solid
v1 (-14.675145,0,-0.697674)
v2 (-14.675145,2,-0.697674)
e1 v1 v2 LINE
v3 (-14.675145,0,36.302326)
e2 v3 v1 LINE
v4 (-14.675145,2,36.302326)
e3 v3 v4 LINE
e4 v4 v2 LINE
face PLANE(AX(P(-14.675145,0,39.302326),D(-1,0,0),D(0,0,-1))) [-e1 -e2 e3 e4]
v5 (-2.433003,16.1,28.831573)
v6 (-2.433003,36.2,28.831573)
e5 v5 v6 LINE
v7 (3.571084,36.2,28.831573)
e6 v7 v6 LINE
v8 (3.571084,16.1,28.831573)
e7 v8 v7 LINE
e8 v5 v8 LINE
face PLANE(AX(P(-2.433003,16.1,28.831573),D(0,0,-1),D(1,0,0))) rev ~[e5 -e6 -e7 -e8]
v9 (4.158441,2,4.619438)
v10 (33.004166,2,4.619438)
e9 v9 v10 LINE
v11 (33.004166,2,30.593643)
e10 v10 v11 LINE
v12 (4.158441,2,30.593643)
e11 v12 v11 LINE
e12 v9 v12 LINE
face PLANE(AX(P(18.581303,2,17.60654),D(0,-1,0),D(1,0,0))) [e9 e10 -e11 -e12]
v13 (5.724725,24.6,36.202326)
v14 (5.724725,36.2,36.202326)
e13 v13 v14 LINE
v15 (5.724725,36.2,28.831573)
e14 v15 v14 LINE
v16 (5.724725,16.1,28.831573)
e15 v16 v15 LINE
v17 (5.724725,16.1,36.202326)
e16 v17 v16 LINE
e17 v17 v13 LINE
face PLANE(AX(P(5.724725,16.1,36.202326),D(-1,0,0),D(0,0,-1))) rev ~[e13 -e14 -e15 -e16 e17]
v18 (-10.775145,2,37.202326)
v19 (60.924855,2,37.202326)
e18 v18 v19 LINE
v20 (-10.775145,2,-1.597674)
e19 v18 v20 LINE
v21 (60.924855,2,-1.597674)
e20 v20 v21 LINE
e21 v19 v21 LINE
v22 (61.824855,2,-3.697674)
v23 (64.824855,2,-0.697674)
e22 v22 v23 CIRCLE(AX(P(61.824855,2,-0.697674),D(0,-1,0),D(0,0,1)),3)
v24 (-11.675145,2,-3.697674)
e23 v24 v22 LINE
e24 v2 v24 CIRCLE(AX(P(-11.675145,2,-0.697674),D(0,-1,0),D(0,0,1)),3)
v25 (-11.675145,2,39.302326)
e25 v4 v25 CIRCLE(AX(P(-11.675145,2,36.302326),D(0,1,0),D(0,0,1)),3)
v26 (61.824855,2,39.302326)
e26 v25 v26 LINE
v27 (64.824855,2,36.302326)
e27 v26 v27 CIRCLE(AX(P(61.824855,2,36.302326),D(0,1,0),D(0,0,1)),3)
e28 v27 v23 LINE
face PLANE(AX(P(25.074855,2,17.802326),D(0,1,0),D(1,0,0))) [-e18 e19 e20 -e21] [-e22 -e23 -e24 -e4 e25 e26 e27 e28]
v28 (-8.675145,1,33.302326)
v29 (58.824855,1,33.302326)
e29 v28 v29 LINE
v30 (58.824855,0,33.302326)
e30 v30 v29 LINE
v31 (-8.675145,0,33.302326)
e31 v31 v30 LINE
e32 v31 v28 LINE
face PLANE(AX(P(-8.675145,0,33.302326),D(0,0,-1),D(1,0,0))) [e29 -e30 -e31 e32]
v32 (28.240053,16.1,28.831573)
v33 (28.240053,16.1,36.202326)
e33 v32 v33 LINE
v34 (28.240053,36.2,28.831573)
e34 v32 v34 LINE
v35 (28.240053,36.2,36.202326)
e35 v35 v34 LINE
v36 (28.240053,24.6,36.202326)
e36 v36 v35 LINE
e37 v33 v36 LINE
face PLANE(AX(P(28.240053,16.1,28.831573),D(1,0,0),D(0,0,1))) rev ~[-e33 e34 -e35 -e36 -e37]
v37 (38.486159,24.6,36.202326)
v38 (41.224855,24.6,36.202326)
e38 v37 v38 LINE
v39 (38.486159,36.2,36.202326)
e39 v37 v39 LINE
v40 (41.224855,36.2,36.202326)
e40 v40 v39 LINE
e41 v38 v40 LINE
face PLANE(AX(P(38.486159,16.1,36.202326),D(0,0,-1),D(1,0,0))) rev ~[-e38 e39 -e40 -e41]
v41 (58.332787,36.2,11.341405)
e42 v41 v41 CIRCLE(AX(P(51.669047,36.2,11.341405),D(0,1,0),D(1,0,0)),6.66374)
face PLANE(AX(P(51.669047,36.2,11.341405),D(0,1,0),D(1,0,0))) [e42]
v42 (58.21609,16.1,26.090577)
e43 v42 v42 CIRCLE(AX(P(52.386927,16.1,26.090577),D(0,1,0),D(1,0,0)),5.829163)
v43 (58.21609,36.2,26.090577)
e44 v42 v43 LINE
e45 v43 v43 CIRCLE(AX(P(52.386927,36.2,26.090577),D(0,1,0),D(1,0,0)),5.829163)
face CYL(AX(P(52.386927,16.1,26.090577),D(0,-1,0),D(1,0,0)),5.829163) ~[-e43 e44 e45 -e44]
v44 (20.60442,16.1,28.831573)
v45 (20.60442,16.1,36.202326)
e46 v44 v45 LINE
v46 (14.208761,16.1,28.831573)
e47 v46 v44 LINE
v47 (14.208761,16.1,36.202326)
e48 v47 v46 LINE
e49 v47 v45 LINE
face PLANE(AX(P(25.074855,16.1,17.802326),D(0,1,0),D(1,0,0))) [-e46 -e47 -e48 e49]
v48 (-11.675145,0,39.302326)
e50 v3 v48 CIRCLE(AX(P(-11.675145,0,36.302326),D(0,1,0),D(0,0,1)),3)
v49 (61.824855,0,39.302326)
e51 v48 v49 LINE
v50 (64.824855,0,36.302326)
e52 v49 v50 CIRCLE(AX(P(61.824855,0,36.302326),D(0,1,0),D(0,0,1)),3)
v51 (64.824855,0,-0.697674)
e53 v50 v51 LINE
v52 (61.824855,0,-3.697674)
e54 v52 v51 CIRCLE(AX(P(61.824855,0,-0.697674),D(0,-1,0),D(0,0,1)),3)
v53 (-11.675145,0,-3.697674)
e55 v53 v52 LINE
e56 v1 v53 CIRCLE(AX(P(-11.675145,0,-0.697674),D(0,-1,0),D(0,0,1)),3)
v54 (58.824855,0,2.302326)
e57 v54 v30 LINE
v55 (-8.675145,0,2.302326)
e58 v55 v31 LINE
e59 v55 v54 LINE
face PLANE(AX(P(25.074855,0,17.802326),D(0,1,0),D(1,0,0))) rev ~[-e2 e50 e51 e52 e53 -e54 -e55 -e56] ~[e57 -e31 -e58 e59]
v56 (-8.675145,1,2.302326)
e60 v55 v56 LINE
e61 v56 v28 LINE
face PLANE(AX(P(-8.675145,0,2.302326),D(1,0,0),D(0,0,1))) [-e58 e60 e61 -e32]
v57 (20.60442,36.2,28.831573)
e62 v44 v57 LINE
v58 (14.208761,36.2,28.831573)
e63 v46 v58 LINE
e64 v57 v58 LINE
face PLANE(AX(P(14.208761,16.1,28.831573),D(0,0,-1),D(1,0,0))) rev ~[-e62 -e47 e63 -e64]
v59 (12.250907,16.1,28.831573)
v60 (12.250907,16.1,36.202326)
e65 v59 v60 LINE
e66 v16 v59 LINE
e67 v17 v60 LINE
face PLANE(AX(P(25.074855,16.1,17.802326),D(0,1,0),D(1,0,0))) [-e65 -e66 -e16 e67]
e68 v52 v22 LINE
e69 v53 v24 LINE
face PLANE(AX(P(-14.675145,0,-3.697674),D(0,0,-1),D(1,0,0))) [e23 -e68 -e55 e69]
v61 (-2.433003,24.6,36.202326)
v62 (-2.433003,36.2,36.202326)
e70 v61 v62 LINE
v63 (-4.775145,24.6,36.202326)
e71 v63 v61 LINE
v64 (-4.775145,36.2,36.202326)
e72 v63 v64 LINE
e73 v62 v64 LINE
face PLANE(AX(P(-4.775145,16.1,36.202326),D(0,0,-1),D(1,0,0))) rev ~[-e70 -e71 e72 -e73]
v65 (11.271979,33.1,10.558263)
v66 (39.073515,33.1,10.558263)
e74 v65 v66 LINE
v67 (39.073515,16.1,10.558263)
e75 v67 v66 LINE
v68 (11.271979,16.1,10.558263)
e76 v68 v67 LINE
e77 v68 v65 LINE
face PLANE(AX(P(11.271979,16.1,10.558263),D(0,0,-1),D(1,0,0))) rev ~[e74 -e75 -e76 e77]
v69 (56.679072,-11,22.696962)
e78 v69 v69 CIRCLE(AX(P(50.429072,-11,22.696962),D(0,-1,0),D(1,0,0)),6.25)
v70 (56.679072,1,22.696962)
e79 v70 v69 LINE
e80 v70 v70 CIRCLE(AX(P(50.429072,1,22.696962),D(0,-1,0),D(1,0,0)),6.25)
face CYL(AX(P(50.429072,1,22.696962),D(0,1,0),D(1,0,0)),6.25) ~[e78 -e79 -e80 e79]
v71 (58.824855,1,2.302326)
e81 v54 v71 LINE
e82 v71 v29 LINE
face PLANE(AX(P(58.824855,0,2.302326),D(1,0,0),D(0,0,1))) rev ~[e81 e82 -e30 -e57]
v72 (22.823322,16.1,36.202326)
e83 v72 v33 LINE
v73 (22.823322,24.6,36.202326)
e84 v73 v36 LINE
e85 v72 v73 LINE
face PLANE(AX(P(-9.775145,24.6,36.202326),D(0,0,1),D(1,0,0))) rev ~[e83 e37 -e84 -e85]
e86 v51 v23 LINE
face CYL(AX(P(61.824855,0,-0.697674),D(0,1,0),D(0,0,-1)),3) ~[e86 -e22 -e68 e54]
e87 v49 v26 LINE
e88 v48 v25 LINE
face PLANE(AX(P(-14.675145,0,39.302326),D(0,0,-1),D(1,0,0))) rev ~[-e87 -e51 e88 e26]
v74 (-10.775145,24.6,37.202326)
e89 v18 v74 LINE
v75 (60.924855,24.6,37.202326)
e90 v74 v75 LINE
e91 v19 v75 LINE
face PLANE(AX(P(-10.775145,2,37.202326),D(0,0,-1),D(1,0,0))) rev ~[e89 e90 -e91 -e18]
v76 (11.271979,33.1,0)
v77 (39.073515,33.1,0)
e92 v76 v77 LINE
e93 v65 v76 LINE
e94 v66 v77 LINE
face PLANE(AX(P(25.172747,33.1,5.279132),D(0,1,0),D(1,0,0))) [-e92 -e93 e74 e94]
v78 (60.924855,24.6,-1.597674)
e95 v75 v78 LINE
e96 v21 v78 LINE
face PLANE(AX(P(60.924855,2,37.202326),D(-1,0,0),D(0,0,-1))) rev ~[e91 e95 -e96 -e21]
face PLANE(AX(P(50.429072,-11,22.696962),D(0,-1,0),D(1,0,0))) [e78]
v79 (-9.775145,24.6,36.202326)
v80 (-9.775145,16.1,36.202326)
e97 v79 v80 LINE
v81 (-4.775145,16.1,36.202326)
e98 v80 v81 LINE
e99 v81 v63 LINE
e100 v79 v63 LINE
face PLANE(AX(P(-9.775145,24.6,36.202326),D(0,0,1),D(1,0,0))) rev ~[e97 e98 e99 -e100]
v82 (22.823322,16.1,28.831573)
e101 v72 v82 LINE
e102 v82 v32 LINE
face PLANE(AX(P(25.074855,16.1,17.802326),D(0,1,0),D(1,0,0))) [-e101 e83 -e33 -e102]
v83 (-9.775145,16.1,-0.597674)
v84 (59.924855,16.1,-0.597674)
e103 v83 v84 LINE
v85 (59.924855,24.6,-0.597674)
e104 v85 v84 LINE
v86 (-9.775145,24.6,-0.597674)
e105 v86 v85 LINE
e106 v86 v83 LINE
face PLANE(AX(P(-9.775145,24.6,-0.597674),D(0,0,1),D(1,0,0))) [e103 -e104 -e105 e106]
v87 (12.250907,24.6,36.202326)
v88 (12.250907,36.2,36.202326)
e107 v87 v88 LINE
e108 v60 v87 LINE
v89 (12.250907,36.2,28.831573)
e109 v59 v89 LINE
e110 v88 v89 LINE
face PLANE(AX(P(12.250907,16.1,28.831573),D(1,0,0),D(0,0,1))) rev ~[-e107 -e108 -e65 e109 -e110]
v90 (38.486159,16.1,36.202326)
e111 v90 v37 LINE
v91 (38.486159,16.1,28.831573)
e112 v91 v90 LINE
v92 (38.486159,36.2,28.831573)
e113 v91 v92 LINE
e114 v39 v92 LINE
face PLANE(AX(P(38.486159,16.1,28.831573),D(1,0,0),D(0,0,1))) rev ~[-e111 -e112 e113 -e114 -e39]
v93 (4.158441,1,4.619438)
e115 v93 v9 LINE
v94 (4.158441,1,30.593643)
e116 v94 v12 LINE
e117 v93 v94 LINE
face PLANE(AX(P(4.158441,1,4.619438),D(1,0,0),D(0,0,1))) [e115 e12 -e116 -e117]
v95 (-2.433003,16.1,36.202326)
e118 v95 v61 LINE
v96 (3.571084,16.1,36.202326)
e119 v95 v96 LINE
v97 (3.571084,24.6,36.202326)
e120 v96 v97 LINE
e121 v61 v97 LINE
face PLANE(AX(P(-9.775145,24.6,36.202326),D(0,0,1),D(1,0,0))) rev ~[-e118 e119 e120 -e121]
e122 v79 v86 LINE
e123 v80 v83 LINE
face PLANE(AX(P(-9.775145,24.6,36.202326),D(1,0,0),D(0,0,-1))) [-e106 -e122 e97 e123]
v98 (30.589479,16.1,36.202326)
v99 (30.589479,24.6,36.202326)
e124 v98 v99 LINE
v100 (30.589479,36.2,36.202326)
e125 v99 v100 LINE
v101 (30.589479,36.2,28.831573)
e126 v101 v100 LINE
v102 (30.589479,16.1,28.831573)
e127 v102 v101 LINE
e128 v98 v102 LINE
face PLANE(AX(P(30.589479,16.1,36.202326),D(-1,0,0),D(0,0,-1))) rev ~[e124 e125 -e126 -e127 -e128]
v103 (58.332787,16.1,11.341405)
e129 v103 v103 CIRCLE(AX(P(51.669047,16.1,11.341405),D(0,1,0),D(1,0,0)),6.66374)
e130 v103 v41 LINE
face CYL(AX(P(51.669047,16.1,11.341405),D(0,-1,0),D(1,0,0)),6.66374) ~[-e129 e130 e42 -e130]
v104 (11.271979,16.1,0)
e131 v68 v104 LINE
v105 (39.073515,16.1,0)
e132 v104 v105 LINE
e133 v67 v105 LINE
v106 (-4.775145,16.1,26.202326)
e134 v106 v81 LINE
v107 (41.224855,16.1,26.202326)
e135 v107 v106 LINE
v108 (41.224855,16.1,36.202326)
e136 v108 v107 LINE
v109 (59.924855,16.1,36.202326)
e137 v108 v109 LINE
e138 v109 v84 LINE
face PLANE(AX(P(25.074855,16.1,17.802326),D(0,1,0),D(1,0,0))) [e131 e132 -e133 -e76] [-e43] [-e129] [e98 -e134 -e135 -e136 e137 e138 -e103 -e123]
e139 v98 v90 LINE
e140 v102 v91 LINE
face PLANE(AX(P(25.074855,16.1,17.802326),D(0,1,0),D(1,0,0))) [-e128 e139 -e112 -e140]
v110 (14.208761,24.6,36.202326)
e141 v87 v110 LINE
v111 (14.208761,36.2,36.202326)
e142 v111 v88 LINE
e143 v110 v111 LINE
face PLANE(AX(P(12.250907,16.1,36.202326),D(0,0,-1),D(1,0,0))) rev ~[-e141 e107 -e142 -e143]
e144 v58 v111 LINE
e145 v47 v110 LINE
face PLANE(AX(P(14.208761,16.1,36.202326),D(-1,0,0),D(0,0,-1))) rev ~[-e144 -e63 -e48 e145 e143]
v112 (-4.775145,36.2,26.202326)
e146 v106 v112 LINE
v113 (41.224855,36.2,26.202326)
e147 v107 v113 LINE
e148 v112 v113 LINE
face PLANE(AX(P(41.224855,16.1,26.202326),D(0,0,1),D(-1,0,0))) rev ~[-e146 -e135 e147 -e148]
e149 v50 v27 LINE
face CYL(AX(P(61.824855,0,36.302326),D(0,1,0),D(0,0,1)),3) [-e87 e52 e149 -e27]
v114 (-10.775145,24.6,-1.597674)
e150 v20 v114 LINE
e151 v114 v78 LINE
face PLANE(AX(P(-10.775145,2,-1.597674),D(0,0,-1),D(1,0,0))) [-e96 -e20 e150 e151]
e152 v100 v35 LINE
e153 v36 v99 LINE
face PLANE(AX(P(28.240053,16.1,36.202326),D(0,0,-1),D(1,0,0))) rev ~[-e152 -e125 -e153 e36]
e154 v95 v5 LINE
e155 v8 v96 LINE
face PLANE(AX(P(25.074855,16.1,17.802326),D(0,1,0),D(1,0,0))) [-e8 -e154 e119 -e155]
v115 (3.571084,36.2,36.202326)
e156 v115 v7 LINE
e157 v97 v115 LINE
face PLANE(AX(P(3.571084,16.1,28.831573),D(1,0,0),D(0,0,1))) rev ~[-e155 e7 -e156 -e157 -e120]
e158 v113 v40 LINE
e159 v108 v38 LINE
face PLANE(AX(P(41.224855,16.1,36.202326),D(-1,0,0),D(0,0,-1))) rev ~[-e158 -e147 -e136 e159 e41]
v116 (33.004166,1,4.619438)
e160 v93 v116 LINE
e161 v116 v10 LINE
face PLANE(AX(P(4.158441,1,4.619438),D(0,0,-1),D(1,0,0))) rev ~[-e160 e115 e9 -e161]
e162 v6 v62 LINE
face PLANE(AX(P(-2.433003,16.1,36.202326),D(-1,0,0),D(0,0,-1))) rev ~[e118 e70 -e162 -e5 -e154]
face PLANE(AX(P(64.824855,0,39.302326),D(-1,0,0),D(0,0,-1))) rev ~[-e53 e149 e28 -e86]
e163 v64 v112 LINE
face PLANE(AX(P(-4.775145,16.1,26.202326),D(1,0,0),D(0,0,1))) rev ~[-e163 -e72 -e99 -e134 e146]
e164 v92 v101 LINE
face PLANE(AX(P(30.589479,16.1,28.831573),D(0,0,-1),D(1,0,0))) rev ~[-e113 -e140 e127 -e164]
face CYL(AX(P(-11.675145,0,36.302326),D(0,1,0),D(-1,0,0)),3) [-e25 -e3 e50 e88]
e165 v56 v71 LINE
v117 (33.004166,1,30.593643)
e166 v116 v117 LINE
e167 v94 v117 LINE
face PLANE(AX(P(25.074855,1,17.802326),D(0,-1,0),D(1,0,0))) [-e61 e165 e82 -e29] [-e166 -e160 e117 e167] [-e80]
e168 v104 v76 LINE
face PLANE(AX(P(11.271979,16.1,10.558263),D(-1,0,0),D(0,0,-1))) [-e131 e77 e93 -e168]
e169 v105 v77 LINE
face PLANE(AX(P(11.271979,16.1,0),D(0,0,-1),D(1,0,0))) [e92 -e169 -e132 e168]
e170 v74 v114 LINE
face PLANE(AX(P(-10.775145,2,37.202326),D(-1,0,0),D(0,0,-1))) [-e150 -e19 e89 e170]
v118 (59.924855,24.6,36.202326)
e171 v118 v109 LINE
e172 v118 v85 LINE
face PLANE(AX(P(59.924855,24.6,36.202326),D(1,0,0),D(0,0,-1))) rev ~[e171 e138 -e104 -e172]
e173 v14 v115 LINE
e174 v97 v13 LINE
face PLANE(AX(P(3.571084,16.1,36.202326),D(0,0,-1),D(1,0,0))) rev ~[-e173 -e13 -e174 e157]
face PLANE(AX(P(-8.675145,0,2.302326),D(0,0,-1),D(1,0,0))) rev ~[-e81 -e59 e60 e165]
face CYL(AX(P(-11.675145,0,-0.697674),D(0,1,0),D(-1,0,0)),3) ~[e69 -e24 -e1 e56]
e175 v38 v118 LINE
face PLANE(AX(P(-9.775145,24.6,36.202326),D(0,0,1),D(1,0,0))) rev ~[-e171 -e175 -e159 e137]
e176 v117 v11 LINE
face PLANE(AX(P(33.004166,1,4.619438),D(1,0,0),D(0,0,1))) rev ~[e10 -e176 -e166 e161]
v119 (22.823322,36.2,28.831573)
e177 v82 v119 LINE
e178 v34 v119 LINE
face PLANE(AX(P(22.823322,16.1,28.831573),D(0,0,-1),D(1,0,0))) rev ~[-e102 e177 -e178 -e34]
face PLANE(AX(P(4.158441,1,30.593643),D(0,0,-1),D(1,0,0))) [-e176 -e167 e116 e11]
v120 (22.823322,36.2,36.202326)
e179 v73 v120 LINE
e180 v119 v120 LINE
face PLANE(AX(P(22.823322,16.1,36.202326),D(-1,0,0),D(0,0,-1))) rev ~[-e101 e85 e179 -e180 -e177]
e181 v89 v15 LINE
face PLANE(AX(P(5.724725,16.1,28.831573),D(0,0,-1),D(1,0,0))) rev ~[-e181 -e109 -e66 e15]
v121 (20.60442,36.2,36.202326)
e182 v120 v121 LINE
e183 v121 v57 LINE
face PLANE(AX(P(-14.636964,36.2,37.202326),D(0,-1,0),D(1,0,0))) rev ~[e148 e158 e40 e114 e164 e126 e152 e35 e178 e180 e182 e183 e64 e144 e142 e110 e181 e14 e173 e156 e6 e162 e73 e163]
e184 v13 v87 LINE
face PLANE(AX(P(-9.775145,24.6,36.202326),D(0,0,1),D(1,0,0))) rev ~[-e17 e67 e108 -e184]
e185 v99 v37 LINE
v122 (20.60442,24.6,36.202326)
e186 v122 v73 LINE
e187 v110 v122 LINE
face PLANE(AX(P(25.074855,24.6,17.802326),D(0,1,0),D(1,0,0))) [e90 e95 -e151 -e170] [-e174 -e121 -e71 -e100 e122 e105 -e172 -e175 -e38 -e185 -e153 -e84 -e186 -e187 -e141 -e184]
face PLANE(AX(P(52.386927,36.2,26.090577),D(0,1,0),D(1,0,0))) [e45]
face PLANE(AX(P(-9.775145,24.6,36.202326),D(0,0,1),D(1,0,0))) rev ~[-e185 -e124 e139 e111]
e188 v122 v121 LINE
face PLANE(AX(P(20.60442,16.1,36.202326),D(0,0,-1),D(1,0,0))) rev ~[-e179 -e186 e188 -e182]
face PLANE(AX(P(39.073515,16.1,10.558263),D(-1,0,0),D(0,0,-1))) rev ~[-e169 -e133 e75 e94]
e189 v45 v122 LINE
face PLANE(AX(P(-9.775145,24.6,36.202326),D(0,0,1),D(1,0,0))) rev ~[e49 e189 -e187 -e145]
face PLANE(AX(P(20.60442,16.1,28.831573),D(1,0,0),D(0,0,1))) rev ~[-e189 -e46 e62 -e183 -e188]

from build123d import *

# Parameters (mm, degrees)
SKETCH1_W           = 79.5
SKETCH1_H           = 43
BOSS_EXTRUDE1_DEPTH = 2
SKETCH2_W           = 71.7
SKETCH2_H           = 38.8
BOSS_EXTRUDE2_DEPTH = 22.6
SKETCH3_W           = 69.7
SKETCH3_H           = 36.8
CUT_EXTRUDE1_DEPTH  = 8.5
BOSS_EXTRUDE3_DEPTH = 22.6
SKETCH6_W           = 67.219676188
SKETCH6_H           = 8.940869551
CUT_EXTRUDE2_DEPTH  = 22.6
SKETCH7_R           = 6.66374012
SKETCH7_R_2         = 5.829163104
BOSS_EXTRUDE4_DEPTH = 20.1
FILLET1_R           = 3
SKETCH8_W           = 27.801535977
SKETCH8_H           = 10.55826339
BOSS_EXTRUDE5_DEPTH = 17
SKETCH9_W           = 67.5
SKETCH9_H           = 31
CUT_EXTRUDE3_DEPTH  = 1
SKETCH10_W          = 28.845725121
SKETCH10_H          = 25.974204973
CUT_EXTRUDE4_DEPTH  = 1
SKETCH11_R          = 6.25
BOSS_EXTRUDE6_DEPTH = 12


with BuildPart() as part:
    # Sketch1 → Boss-Extrude1 (new body)
    with BuildSketch(Plane(origin=(0, 0, 0), x_dir=(1, 0, 0), z_dir=(0, 1, 0))):
        with Locations((25.074854651, -17.802325581)):
            Rectangle(SKETCH1_W, SKETCH1_H)
    extrude(amount=BOSS_EXTRUDE1_DEPTH)

    # Sketch2 → Boss-Extrude2 (add)
    with BuildSketch(Plane(origin=(0, 2, 0), x_dir=(1, 0, 0), z_dir=(0, 1, 0))):
        with Locations((25.074854651, -17.802325581)):
            Rectangle(SKETCH2_W, SKETCH2_H)
    extrude(amount=BOSS_EXTRUDE2_DEPTH)

    # Sketch3 → Cut-Extrude1 (cut)
    with BuildSketch(Plane(origin=(0, 24.6, 0), x_dir=(1, 0, 0), z_dir=(0, 1, 0))):
        with Locations((25.074854651, -17.802325581)):
            Rectangle(SKETCH3_W, SKETCH3_H)
    extrude(amount=-CUT_EXTRUDE1_DEPTH, mode=Mode.SUBTRACT)

    # Sketch5 → Boss-Extrude3 (add)
    with BuildSketch(Plane(origin=(0, 16.1, 0), x_dir=(1, 0, 0), z_dir=(0, 1, 0))):
        Polygon((41.224854651, -26.202325581), (-4.775145349, -26.202325581), (-4.775145349, -36.202325581), (-2.433003128, -36.202325581), (-2.433003128, -28.831573422), (3.571084453, -28.831573422), (3.571084453, -36.202325581), (5.724724564, -36.202325581), (5.724724564, -28.831573422), (12.250906718, -28.831573422), (12.250906718, -36.202325581), (14.208761365, -36.202325581), (14.208761365, -28.831573422), (20.604419876, -28.831573422), (20.604419876, -36.202325581), (22.823321808, -36.202325581), (22.823321808, -28.831573422), (28.240052996, -28.831573422), (28.240052996, -36.202325581), (30.589478571, -36.202325581), (30.589478571, -28.831573422), (38.486158978, -28.831573422), (38.486158978, -36.202325581), (41.224854651, -36.202325581), align=None)
    extrude(amount=BOSS_EXTRUDE3_DEPTH)

    # Sketch6 → Cut-Extrude2 (cut)
    with BuildSketch(Plane.XY.offset(37.202325581)):
        with Locations((18.972874337, 40.670434775)):
            Rectangle(SKETCH6_W, SKETCH6_H)
    extrude(amount=-CUT_EXTRUDE2_DEPTH, mode=Mode.SUBTRACT)

    # Sketch7 → Boss-Extrude4 (add)
    with BuildSketch(Plane(origin=(0, 16.1, 0), x_dir=(1, 0, 0), z_dir=(0, 1, 0))):
        with Locations((51.669046929, -11.341405249)):
            Circle(SKETCH7_R)
        with Locations((52.386926966, -26.090576917)):
            Circle(SKETCH7_R_2)
    extrude(amount=BOSS_EXTRUDE4_DEPTH)

    # Fillet1
    fillet1_edges = [part.edges().sort_by_distance(p)[0] for p in [
        (-14.675145349, 1, -3.697674419),
        (64.824854651, 1, -3.697674419),
        (64.824854651, 1, 39.302325581),
        (-14.675145349, 1, 39.302325581),
    ]]
    fillet(fillet1_edges, radius=FILLET1_R)

    # Sketch8 → Boss-Extrude5 (add)
    with BuildSketch(Plane(origin=(0, 16.1, 0), x_dir=(1, 0, 0), z_dir=(0, 1, 0))):
        with Locations((25.172747384, -5.279131695)):
            Rectangle(SKETCH8_W, SKETCH8_H)
    extrude(amount=BOSS_EXTRUDE5_DEPTH)

    # Sketch9 → Cut-Extrude3 (cut)
    with BuildSketch(Plane.XZ):
        with Locations((25.074854651, 17.802325581)):
            Rectangle(SKETCH9_W, SKETCH9_H)
    extrude(amount=-CUT_EXTRUDE3_DEPTH, mode=Mode.SUBTRACT)

    # Sketch10 → Cut-Extrude4 (cut)
    with BuildSketch(Plane.XZ.offset(-1)):
        with Locations((18.581303408, 17.606540116)):
            Rectangle(SKETCH10_W, SKETCH10_H)
    extrude(amount=-CUT_EXTRUDE4_DEPTH, mode=Mode.SUBTRACT)

    # Sketch11 → Boss-Extrude6 (add)
    with BuildSketch(Plane.XZ.offset(-1)):
        with Locations((50.42907232, 22.696962197)):
            Circle(SKETCH11_R)
    extrude(amount=BOSS_EXTRUDE6_DEPTH)


solid = part.part
